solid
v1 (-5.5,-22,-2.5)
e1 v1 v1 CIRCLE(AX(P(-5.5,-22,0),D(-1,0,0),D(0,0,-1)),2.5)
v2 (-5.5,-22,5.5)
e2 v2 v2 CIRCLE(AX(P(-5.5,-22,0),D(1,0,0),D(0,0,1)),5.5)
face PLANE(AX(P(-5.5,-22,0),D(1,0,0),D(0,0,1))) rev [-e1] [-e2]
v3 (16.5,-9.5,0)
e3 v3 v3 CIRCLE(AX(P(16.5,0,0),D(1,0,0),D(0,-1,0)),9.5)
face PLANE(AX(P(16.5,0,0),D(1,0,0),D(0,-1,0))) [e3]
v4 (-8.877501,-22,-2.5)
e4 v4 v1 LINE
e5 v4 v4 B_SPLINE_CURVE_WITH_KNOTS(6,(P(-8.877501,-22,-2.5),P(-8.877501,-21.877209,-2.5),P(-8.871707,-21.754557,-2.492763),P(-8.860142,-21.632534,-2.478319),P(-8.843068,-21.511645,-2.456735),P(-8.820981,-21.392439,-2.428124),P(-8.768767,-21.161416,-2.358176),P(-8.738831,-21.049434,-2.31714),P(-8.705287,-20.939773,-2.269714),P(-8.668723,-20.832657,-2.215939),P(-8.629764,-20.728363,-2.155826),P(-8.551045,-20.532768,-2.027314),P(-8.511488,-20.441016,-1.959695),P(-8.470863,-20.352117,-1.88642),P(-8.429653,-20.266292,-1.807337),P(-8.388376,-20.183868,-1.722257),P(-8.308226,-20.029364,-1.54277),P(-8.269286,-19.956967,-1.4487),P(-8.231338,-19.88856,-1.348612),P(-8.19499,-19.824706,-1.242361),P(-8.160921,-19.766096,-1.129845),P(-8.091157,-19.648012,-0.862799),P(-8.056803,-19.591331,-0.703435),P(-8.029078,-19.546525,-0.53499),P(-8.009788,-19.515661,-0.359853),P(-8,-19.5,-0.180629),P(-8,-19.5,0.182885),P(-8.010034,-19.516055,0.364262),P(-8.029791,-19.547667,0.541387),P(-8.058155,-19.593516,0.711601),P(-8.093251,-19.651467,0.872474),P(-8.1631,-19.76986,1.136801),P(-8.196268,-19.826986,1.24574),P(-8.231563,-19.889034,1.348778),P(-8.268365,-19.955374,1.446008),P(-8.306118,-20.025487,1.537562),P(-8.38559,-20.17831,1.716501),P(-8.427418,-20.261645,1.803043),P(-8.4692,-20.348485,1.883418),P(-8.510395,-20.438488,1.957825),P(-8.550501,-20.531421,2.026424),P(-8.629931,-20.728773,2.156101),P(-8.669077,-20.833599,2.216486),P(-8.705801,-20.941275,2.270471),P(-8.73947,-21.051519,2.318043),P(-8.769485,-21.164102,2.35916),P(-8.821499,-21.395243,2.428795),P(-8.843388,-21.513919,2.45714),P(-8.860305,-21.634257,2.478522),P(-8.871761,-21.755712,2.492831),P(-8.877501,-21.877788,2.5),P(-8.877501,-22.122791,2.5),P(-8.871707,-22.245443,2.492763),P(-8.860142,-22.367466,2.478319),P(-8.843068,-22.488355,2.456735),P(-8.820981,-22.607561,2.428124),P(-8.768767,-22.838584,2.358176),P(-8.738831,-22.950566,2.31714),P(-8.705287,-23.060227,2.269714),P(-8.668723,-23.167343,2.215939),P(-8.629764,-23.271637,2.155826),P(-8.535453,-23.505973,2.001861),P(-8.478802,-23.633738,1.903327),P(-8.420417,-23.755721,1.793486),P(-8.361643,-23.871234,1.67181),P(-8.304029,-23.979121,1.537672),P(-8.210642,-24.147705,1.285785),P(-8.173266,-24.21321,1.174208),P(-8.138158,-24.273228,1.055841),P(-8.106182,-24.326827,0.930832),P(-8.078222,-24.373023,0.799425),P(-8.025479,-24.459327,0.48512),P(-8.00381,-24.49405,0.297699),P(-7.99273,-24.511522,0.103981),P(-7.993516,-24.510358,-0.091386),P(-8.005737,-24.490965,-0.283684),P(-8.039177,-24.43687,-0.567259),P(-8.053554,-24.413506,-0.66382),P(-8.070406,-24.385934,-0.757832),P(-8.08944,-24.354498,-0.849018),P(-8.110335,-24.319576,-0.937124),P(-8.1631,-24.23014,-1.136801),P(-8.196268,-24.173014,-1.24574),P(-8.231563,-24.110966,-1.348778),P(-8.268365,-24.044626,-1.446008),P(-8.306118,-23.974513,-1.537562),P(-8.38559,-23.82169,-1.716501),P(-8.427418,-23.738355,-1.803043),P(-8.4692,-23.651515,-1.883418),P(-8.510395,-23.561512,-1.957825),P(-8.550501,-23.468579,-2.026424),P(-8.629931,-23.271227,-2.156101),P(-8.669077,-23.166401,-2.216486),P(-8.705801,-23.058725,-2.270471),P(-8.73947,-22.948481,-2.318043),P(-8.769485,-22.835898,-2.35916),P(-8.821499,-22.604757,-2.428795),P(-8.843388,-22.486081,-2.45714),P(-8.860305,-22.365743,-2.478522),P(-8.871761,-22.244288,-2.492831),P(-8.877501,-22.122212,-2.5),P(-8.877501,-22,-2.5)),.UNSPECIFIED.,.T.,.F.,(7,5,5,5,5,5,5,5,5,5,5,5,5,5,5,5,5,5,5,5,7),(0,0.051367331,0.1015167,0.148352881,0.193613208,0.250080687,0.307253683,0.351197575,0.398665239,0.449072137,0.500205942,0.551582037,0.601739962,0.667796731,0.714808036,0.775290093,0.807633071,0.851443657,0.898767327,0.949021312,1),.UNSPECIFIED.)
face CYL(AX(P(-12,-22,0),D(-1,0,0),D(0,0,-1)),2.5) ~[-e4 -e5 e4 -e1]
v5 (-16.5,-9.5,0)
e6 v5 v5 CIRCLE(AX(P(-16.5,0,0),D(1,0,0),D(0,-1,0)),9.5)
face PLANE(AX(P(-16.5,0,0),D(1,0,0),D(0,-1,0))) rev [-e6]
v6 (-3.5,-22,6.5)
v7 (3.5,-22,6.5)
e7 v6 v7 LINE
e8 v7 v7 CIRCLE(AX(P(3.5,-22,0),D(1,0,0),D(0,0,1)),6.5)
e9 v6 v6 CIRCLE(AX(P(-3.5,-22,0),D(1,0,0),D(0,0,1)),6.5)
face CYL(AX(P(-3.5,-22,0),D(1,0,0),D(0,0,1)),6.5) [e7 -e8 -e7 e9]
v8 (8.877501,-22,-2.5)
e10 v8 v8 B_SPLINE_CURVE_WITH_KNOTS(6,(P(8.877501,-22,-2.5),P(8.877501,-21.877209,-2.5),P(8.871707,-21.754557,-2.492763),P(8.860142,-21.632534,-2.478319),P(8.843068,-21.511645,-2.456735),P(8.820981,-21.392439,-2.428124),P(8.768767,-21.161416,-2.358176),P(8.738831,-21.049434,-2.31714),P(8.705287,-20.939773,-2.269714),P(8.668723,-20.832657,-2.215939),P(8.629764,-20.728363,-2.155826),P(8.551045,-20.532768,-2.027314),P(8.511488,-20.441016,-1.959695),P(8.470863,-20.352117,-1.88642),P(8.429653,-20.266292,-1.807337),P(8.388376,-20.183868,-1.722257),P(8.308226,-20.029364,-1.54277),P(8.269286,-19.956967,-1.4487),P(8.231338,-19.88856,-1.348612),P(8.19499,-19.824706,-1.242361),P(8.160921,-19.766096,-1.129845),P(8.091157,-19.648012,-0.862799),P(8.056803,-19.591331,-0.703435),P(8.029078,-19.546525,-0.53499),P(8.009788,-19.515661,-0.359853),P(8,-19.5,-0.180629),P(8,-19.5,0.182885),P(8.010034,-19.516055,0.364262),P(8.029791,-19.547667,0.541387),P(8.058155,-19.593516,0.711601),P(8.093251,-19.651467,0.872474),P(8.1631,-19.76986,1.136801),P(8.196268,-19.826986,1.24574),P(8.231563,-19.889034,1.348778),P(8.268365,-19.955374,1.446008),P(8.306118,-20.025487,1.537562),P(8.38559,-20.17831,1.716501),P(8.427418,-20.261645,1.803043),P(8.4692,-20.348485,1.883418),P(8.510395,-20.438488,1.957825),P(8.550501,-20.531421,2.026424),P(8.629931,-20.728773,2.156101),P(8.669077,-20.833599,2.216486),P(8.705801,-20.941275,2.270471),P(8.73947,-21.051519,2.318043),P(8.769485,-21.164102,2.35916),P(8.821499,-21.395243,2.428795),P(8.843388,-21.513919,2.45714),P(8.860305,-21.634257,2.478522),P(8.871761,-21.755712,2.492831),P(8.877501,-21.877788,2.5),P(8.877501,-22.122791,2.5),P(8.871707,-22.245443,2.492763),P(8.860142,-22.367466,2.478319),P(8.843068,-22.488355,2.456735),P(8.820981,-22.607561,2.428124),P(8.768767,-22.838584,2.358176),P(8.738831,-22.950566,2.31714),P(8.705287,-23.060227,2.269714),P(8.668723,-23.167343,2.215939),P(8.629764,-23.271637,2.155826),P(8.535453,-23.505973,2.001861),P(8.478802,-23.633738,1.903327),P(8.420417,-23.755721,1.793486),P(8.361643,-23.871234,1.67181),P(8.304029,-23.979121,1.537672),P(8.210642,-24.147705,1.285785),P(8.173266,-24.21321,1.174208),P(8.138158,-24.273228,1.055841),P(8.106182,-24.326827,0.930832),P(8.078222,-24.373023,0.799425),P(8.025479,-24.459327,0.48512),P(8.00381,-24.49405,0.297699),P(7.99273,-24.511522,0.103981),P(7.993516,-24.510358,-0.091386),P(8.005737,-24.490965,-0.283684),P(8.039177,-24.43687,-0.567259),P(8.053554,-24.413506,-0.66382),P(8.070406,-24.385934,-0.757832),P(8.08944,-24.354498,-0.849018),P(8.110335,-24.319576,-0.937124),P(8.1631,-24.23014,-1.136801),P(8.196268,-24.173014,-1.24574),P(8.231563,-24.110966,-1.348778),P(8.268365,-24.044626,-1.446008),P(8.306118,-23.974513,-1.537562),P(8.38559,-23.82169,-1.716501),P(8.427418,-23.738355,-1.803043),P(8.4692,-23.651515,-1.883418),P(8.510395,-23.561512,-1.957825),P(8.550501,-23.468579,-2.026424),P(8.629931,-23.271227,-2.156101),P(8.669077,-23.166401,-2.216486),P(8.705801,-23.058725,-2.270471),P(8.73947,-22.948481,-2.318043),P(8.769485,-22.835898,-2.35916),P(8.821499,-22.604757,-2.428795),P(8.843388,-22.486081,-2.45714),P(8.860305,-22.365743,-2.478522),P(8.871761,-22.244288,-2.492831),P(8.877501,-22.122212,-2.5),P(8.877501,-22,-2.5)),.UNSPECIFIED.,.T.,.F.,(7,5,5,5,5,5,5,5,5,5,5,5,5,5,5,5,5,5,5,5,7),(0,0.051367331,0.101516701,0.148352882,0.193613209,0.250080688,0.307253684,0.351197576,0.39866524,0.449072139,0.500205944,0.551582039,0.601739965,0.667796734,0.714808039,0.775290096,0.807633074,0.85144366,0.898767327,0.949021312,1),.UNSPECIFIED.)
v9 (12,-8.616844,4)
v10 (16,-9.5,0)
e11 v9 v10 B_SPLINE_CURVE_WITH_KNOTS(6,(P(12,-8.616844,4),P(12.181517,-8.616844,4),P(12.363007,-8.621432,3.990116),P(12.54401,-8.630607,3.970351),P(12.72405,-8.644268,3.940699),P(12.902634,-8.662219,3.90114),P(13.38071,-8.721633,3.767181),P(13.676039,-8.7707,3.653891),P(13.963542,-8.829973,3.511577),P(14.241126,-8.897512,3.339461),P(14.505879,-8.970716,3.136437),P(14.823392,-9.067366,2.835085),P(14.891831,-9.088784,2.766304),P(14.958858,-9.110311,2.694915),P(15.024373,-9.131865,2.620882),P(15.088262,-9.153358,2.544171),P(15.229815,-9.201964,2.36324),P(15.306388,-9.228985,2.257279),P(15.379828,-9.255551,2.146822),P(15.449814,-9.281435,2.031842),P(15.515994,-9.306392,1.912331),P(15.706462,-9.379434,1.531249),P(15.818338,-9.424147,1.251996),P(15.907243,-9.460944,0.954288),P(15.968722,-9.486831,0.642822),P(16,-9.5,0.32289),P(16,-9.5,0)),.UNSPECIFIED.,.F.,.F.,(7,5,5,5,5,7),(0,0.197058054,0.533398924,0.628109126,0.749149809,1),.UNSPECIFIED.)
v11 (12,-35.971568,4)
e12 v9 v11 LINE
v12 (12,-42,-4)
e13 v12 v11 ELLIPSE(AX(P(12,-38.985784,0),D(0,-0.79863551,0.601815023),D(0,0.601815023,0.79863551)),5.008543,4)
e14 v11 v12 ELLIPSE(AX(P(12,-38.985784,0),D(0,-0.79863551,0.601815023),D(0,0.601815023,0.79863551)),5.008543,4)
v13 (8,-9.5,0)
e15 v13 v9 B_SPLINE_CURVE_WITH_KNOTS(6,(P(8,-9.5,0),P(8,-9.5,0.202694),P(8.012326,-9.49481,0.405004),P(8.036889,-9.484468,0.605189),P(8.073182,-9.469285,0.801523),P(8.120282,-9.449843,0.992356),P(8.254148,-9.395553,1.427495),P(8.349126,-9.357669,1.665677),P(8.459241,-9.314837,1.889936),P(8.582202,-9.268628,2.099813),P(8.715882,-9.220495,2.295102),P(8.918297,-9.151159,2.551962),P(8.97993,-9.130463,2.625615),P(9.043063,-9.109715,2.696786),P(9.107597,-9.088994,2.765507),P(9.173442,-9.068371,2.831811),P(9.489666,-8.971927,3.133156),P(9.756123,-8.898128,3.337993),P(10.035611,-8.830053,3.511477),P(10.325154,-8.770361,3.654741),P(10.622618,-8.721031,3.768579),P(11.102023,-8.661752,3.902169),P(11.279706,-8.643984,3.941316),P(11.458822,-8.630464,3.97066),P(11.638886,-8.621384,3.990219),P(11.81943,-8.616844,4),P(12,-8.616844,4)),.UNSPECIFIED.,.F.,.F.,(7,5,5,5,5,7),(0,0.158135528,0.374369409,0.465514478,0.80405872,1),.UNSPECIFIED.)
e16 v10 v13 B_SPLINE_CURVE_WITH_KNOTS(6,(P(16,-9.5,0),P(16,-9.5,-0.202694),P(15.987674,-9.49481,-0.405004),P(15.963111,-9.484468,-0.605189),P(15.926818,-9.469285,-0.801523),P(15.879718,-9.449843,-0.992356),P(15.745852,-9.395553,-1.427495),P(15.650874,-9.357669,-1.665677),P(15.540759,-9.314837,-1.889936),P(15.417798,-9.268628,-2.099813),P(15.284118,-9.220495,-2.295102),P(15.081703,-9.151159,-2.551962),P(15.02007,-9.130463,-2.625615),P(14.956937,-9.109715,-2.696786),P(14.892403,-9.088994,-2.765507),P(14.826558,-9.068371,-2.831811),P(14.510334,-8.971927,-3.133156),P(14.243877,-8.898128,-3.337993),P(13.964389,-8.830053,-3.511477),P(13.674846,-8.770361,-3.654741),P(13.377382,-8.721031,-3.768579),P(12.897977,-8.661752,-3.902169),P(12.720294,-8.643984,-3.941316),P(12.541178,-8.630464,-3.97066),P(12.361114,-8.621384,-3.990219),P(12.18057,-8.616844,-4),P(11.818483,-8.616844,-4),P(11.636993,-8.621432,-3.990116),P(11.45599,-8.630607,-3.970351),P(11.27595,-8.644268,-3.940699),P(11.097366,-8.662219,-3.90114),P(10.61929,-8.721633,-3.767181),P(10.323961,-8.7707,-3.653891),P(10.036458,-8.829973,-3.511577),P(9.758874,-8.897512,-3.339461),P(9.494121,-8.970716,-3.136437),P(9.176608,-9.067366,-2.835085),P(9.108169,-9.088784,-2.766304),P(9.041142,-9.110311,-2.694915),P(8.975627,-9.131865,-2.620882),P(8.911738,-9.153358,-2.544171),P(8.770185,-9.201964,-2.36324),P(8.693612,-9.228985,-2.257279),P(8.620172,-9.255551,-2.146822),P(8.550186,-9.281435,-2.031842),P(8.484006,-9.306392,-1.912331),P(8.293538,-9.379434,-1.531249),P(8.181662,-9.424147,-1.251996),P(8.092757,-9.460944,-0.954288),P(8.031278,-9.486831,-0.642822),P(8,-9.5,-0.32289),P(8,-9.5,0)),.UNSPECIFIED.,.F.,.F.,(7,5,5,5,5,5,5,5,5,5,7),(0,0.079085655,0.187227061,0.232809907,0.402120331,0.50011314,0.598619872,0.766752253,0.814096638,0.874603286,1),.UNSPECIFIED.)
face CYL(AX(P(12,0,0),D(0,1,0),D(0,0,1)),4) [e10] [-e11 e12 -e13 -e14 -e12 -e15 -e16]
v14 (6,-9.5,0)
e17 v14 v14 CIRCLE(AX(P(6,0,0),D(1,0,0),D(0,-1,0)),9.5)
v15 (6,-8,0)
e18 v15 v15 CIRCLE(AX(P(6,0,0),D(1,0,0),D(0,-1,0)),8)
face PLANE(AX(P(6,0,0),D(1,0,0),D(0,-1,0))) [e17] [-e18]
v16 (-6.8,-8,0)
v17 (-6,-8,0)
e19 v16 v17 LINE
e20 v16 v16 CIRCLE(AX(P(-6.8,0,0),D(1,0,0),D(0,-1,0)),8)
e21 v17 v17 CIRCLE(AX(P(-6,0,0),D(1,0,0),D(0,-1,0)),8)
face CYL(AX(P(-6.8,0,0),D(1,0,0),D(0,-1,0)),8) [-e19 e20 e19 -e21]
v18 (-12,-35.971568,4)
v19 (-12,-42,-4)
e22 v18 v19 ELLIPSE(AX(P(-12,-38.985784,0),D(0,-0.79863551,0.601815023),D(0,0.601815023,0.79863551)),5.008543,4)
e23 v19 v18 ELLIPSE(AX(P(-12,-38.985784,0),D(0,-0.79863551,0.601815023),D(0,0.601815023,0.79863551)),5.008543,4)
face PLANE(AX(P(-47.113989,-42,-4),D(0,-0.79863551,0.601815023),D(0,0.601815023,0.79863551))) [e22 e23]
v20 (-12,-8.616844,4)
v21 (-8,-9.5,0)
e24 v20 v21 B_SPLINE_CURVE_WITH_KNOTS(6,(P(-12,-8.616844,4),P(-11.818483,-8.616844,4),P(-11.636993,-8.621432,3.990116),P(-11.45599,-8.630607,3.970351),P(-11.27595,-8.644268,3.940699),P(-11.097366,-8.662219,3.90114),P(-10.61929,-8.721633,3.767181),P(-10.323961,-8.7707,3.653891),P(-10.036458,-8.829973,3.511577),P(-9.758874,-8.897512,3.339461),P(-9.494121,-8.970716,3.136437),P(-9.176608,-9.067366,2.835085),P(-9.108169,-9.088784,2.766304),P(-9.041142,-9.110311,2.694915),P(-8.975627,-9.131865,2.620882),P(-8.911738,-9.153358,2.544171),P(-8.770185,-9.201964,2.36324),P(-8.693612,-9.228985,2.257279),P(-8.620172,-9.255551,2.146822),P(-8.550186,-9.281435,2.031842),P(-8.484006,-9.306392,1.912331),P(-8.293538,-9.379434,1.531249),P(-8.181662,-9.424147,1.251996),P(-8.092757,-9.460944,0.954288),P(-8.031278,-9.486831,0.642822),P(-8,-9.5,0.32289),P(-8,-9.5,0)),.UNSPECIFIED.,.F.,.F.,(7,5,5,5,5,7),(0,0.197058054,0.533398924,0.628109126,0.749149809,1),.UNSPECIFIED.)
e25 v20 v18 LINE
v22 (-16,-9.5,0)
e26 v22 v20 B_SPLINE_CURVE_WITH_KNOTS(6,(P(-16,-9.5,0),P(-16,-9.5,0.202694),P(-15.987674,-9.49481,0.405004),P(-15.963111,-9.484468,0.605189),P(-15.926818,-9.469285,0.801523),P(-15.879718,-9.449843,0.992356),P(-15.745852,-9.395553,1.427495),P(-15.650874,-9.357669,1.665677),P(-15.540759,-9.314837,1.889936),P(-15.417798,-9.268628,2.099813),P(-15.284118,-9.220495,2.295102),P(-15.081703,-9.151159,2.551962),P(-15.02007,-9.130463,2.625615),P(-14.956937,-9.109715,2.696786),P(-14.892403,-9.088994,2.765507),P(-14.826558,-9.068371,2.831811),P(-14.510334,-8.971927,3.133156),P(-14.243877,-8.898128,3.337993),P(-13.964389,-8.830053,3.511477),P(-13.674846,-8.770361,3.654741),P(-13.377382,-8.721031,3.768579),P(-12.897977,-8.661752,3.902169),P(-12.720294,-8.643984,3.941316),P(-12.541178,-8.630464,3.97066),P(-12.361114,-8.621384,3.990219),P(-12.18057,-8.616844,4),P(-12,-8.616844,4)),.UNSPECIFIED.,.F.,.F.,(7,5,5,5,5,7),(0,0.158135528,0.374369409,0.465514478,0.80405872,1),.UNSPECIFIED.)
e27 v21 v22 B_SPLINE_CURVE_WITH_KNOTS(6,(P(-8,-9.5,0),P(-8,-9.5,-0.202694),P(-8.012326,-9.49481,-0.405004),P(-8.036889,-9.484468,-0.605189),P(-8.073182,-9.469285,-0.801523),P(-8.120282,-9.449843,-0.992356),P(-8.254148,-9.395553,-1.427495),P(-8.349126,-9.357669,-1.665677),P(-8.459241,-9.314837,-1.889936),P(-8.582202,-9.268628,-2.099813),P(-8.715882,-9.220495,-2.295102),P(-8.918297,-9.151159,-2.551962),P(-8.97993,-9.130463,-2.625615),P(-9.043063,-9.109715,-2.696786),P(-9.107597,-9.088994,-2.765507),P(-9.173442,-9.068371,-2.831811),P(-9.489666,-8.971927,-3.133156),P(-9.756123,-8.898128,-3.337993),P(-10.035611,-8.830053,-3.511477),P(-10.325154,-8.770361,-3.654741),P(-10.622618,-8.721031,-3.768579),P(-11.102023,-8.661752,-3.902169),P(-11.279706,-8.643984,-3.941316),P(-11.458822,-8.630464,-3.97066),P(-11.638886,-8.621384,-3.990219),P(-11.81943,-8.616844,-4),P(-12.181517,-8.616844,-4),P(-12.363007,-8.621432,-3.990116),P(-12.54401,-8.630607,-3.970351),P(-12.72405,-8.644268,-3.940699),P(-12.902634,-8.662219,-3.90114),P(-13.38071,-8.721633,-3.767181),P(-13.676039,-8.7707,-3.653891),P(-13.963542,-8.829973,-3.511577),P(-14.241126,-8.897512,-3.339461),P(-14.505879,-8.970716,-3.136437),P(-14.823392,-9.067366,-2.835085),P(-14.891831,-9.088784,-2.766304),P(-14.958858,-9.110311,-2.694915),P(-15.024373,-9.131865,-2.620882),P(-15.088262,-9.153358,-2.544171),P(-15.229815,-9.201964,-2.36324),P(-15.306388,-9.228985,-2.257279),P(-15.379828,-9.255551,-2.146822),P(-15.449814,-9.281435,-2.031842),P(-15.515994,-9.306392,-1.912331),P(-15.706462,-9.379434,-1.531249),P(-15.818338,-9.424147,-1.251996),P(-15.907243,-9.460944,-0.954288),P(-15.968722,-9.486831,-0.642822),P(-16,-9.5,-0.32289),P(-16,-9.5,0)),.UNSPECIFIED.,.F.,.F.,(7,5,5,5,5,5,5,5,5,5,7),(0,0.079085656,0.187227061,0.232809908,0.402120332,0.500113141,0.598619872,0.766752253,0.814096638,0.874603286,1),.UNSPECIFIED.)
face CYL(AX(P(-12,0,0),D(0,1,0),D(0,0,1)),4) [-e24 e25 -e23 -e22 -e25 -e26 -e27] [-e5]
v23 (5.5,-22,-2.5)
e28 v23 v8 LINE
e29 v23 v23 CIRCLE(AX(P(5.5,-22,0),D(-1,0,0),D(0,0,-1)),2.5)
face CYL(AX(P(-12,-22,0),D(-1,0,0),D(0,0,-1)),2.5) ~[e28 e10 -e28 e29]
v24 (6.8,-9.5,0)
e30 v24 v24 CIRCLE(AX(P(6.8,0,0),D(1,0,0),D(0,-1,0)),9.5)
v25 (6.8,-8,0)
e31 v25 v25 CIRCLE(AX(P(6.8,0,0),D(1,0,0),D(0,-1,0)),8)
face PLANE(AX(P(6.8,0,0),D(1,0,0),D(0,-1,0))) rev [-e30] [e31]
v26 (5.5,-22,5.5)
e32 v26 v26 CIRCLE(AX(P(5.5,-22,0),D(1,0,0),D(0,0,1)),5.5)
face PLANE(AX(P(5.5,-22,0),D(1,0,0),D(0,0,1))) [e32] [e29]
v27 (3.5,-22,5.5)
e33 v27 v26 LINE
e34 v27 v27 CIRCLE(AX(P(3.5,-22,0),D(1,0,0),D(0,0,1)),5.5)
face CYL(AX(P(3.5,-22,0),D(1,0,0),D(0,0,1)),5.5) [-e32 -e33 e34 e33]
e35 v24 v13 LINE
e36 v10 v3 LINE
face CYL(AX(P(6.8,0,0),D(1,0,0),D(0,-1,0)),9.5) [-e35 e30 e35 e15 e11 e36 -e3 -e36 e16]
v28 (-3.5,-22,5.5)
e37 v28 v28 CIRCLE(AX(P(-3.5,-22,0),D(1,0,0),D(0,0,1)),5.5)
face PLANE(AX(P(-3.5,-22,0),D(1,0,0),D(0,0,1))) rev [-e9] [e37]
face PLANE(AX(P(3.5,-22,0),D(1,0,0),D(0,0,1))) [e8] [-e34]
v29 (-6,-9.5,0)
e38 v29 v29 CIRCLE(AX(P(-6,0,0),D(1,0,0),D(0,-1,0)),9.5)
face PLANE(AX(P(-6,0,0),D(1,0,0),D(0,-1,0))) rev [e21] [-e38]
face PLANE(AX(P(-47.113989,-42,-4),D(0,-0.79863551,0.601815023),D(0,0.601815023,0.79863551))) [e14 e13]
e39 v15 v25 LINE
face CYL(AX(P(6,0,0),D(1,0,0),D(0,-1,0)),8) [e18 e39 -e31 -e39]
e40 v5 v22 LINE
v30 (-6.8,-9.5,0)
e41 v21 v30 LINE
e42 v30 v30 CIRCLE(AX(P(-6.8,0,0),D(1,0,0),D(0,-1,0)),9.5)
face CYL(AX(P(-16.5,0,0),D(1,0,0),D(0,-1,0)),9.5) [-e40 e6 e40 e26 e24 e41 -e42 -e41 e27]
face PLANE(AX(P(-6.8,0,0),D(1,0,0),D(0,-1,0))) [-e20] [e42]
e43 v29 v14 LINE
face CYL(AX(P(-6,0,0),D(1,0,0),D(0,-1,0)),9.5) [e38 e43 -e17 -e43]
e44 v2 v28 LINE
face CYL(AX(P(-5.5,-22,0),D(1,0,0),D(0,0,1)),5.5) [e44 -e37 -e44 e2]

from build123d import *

# Parameters (mm, degrees)
SKETCH_5_R               = 4
EXTRUDE_3_DEPTH          = 42
CUT_EXTRUDE_2_DEPTH      = 47.113989348
CUT_EXTRUDE_2_DEPTH_BACK = 47.113989348
EXTRUDE_4_DEPTH          = 12
EXTRUDE_4_DEPTH_BACK     = 12
SKETCH_7_R               = 2.5


with BuildPart() as part:
    # Эскиз4 → Повернуть1 (revolve)
    with BuildSketch(Plane.XY, mode=Mode.PRIVATE) as revolve_1_sk:
        Polygon((-16.5, 0), (-16.5, 9.5), (-6.8, 9.5), (-6.8, 8), (-6, 8), (-6, 9.5), (6, 9.5), (6, 8), (6.8, 8), (6.8, 9.5), (16.5, 9.5), (16.5, 0), align=None)
    revolve(revolve_1_sk.sketch.rotate(Axis((-16.5, 0, 0), (1, 0, 0)), 180), axis=Axis((-16.5, 0, 0), (1, 0, 0)))

    # Эскиз5 → Бобышка-Вытянуть3 (add)
    with BuildSketch(Plane(origin=(0, 0, 0), x_dir=(1, 0, 0), z_dir=(0, 1, 0))):
        with Locations(Location((-12, 0, 0), (0, 0, 270))):
            Circle(SKETCH_5_R)
        with Locations(Location((12, 0, 0), (0, 0, 270))):
            Circle(SKETCH_5_R)
    extrude(amount=-EXTRUDE_3_DEPTH)

    # Эскиз6 → Вырез-Вытянуть2 (cut, two sides: drawn at the far end of the back side and taken through both)
    with BuildSketch(Plane(origin=(0, 0, 0), x_dir=(0, 0, -1), z_dir=(1, 0, 0)).offset(-CUT_EXTRUDE_2_DEPTH_BACK)):
        Polygon((4, -42), (-4, -35.971567599), (-4, -42), align=None)
    extrude(amount=CUT_EXTRUDE_2_DEPTH + CUT_EXTRUDE_2_DEPTH_BACK, mode=Mode.SUBTRACT)

    # Эскиз7 → Бобышка-Вытянуть4 (add, two sides: drawn at the far end of the back side and taken through both)
    with BuildSketch(Plane(origin=(0, 0, 0), x_dir=(0, 0, -1), z_dir=(1, 0, 0)).offset(-EXTRUDE_4_DEPTH_BACK)):
        with Locations((0, -22)):
            Circle(SKETCH_7_R)
    extrude(amount=EXTRUDE_4_DEPTH + EXTRUDE_4_DEPTH_BACK)

    # Эскиз8 → Повернуть2 (revolve)
    with BuildSketch(Plane.XY, mode=Mode.PRIVATE) as revolve_2_sk:
        Polygon((-5.5, -22), (-5.5, -16.5), (-3.5, -16.5), (-3.5, -15.5), (3.5, -15.5), (3.5, -16.5), (5.5, -16.5), (5.5, -22), align=None)
    revolve(revolve_2_sk.sketch.rotate(Axis((-20.226487352, -22, 0), (1, 0, 0)), 90), axis=Axis((-20.226487352, -22, 0), (1, 0, 0)))


solid = part.part
